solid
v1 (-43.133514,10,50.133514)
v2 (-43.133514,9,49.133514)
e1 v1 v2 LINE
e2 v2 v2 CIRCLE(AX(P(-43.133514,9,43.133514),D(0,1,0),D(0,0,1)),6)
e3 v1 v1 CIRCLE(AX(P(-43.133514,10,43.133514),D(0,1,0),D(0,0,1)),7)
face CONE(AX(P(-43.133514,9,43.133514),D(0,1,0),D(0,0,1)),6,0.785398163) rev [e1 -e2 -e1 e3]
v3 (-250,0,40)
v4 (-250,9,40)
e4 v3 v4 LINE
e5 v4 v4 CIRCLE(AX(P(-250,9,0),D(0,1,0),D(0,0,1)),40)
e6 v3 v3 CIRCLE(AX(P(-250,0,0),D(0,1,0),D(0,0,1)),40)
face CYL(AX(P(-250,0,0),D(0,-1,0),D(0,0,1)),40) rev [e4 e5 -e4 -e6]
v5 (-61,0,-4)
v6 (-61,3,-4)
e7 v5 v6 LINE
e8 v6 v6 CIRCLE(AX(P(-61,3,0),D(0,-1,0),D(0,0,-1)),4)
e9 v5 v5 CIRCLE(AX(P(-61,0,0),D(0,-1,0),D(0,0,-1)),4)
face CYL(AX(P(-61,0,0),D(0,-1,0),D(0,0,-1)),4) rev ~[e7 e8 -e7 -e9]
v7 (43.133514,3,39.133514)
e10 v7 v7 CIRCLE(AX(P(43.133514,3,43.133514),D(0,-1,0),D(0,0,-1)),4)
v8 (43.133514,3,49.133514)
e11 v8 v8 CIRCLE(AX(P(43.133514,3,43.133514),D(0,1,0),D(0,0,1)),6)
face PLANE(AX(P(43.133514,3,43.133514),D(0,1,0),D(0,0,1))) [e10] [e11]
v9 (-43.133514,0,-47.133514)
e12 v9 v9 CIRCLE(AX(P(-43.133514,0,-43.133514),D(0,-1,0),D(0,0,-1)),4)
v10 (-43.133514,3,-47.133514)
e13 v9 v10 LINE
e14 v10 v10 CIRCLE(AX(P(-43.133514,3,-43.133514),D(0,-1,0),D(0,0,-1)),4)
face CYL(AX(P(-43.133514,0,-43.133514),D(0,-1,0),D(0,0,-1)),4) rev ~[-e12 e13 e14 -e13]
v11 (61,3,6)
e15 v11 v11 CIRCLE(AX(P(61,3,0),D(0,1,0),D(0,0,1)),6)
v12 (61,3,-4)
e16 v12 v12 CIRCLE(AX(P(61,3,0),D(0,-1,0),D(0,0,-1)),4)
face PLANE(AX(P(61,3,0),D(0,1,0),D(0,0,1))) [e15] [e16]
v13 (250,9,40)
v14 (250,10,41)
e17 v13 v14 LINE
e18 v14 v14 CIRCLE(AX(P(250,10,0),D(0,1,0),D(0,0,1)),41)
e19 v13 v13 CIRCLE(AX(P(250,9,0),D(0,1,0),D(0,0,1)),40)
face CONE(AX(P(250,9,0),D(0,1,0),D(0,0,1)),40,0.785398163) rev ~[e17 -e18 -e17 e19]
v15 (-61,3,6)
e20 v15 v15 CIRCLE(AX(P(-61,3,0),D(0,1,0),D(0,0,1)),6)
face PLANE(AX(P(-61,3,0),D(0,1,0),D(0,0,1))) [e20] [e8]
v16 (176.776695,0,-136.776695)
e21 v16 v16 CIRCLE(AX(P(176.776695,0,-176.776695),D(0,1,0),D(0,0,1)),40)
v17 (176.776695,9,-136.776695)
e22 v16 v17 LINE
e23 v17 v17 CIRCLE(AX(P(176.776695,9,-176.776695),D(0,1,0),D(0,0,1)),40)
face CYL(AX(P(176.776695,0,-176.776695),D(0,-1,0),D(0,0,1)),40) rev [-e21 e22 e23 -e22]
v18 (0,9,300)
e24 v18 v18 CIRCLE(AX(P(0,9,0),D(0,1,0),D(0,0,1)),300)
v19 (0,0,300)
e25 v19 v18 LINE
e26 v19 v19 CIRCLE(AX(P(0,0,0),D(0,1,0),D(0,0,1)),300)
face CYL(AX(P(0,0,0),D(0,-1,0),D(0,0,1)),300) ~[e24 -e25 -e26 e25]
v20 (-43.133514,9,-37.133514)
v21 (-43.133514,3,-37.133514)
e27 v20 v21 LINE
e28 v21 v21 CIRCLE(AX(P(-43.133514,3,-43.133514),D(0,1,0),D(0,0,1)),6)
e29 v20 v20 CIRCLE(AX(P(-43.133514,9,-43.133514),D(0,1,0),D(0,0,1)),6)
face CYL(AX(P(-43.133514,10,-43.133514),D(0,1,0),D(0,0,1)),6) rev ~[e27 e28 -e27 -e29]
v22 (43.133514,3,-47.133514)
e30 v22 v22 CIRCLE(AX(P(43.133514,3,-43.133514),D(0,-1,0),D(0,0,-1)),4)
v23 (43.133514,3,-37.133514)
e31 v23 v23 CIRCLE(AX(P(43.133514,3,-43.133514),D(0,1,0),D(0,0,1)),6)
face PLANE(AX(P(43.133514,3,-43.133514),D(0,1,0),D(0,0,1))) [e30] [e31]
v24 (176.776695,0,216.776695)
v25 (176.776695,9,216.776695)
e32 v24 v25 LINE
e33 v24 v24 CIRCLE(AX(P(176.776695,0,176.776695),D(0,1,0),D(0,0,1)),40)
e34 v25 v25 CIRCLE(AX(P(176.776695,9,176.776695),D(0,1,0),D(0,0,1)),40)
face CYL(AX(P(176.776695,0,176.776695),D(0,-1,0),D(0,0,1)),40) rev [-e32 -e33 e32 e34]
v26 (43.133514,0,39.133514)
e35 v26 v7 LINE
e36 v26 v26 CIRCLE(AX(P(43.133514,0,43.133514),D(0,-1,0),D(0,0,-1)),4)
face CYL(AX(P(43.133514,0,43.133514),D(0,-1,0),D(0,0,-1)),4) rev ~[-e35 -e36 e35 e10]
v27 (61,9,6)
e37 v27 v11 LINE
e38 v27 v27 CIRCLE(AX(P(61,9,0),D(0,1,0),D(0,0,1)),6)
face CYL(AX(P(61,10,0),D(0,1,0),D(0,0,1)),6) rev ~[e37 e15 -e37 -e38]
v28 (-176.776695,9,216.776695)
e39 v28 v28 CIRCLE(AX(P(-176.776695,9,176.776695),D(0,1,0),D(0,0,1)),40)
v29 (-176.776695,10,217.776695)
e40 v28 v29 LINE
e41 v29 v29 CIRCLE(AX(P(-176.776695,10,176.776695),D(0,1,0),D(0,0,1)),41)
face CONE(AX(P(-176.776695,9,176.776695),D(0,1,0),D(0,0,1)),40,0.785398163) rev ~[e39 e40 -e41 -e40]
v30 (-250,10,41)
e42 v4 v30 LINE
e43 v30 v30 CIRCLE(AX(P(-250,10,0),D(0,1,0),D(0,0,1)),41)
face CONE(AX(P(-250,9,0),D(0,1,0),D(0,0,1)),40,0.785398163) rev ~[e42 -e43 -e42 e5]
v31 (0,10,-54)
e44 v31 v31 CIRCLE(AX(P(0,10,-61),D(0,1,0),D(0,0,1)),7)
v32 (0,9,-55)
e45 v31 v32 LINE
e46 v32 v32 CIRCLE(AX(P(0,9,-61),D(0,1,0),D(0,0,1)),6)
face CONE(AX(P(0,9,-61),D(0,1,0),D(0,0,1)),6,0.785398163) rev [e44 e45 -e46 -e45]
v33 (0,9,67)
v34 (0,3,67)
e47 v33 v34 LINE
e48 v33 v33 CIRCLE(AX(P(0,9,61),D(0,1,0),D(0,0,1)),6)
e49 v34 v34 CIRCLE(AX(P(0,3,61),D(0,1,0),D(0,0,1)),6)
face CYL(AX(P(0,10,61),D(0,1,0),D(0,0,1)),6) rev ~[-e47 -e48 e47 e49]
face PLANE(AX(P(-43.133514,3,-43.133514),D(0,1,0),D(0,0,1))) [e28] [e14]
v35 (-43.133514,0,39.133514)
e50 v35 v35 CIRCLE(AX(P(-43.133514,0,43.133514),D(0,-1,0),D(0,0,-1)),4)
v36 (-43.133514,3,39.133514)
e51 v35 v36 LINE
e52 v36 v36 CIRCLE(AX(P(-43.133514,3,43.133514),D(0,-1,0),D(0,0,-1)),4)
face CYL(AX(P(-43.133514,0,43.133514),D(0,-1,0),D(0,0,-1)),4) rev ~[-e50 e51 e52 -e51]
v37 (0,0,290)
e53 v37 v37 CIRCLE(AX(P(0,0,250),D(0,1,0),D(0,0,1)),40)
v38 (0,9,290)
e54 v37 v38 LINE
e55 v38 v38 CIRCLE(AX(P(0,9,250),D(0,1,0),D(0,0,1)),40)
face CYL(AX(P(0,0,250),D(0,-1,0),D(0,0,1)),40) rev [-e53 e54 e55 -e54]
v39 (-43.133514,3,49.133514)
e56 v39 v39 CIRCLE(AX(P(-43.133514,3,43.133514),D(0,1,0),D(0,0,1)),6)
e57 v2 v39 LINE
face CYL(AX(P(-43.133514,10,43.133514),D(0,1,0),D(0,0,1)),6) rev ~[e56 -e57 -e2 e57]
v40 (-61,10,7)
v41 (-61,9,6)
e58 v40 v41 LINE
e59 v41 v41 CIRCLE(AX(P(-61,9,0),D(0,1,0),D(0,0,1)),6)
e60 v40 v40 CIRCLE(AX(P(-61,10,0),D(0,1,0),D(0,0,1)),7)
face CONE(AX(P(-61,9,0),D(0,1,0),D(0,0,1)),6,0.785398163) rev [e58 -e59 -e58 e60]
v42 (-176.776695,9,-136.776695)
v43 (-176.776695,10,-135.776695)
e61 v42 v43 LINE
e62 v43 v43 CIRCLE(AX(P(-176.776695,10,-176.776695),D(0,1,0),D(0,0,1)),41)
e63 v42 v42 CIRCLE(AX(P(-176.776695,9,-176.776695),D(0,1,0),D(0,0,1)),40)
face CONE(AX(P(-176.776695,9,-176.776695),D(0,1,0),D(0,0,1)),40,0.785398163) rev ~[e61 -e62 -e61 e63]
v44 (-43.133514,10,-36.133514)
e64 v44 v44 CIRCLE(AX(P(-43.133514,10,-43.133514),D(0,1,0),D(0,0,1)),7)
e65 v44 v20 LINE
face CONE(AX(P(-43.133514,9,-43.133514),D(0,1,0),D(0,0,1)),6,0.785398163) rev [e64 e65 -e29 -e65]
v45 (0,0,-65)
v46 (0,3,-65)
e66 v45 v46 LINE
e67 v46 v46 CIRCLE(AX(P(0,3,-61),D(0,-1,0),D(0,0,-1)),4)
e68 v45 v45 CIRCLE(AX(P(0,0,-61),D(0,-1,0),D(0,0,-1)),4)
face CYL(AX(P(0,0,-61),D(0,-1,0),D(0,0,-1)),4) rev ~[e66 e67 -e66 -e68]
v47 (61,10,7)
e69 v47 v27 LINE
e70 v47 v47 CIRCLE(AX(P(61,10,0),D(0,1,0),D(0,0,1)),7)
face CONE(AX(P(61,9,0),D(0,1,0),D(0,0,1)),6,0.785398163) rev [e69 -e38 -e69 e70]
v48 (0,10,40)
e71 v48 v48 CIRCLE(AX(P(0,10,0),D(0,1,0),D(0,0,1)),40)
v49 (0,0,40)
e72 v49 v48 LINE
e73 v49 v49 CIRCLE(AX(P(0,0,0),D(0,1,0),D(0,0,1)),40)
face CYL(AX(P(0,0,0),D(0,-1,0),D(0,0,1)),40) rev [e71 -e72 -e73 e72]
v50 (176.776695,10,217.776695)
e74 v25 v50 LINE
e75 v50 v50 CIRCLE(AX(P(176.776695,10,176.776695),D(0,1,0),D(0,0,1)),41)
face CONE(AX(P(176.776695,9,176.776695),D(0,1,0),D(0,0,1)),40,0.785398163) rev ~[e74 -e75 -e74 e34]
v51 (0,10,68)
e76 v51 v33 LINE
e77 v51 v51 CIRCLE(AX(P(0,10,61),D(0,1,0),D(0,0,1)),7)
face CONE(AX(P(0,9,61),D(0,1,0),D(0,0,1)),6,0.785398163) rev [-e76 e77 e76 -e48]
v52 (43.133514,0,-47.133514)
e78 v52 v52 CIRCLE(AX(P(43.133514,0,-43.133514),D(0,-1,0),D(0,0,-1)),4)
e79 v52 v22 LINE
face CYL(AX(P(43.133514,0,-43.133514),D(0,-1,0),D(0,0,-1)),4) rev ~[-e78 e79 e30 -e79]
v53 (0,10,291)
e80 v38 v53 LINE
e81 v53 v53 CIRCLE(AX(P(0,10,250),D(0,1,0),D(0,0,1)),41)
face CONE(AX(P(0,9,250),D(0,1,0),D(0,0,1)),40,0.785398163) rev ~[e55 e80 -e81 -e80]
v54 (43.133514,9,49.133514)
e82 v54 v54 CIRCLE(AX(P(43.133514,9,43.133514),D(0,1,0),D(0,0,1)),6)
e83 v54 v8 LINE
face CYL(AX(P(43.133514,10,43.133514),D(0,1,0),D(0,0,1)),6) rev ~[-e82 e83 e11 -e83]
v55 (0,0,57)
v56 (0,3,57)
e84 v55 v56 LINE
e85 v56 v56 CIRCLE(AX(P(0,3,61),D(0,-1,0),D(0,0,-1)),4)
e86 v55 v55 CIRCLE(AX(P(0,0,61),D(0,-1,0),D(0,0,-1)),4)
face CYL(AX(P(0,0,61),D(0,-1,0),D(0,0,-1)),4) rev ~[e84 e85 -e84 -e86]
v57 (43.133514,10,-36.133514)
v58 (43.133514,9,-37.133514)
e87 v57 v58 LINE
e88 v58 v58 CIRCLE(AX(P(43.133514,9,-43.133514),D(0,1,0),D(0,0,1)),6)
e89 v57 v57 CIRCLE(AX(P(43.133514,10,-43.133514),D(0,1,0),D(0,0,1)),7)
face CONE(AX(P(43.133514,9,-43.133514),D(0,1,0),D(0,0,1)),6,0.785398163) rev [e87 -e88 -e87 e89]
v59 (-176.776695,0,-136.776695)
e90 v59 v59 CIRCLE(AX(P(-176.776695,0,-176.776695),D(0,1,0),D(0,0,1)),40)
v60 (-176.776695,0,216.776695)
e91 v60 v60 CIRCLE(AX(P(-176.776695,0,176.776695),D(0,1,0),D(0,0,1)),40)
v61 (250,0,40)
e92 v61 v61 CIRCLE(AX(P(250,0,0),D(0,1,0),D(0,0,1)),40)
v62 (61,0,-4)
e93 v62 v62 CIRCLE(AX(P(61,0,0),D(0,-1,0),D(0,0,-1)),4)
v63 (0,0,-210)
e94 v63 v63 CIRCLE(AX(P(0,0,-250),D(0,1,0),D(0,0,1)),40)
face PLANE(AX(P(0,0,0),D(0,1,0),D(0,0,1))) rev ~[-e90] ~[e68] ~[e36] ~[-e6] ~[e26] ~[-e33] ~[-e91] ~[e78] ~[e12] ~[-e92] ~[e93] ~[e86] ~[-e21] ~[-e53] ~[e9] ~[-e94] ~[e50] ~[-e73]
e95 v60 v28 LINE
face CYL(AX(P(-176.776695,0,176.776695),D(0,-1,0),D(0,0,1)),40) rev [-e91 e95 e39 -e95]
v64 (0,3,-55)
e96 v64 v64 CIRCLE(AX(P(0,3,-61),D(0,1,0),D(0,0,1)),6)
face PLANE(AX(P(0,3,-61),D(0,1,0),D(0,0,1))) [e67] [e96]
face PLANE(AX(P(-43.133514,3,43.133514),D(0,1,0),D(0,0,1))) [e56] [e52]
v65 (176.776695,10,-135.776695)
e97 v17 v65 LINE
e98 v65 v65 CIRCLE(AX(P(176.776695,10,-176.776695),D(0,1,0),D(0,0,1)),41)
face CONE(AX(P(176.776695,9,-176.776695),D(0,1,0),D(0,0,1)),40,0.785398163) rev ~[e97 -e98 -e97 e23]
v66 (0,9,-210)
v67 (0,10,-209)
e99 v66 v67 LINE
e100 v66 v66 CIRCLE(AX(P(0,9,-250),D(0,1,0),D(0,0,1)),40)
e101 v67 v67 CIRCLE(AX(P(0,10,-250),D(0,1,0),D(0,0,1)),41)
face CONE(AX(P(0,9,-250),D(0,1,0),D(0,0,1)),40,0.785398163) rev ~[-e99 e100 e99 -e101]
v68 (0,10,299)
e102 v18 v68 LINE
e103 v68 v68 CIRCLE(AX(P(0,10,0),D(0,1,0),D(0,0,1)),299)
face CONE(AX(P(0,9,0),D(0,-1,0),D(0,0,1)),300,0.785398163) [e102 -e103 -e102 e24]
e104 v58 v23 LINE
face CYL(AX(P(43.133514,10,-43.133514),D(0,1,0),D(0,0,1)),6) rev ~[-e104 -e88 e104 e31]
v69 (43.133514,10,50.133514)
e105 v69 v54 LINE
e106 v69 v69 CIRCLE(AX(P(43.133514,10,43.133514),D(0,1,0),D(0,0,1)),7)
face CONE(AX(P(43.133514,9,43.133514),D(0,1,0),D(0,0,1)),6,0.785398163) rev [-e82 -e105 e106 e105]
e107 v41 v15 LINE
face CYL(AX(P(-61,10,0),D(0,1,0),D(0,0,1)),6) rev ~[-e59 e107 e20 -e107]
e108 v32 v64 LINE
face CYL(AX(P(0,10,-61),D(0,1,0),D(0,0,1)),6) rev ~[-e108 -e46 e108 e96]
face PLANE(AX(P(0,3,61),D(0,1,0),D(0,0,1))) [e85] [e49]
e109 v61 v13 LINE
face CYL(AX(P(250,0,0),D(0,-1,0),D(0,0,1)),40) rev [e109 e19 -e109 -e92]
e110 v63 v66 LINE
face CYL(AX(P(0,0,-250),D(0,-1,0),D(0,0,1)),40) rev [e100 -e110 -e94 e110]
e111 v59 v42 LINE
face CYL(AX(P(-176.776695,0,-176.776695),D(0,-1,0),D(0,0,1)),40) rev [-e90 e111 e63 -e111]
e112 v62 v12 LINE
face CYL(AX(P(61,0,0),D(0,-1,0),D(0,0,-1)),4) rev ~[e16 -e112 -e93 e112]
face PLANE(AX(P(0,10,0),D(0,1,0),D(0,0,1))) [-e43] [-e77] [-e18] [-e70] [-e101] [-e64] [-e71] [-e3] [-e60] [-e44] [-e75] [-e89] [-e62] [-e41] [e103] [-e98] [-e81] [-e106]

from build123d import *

# Parameters (mm, degrees)
SKETCH2_R            = 300
SKETCH2_R_2          = 40
BOSS_EXTRUDE10_DEPTH = 10
CHAMFER1_SIZE        = 1
SKETCH13_R           = 6
CUT_EXTRUDE1_DEPTH   = 7
CHAMFER2_SIZE        = 1
SKETCH14_R           = 4
CUT_EXTRUDE2_DEPTH   = 3


with BuildPart() as part:
    # Sketch2 → Boss-Extrude10 (new body)
    with BuildSketch(Plane(origin=(0, 0, 0), x_dir=(1, 0, 0), z_dir=(0, 1, 0))):
        with Locations(Location((0, 0, 0), (0, 0, 270))):
            Circle(SKETCH2_R)
        with Locations(Location((0, 0, 0), (0, 0, 270))):
            Circle(SKETCH2_R_2, mode=Mode.SUBTRACT)
        with Locations(Location((0, 250, 0), (0, 0, 270))):
            Circle(SKETCH2_R_2, mode=Mode.SUBTRACT)
        with Locations(Location((176.776695297, 176.776695297, 0), (0, 0, 270))):
            Circle(SKETCH2_R_2, mode=Mode.SUBTRACT)
        with Locations(Location((250, 0, 0), (0, 0, 270))):
            Circle(SKETCH2_R_2, mode=Mode.SUBTRACT)
        with Locations(Location((176.776695297, -176.776695297, 0), (0, 0, 270))):
            Circle(SKETCH2_R_2, mode=Mode.SUBTRACT)
        with Locations(Location((0, -250, 0), (0, 0, 270))):
            Circle(SKETCH2_R_2, mode=Mode.SUBTRACT)
        with Locations(Location((-176.776695297, -176.776695297, 0), (0, 0, 270))):
            Circle(SKETCH2_R_2, mode=Mode.SUBTRACT)
        with Locations(Location((-250, 0, 0), (0, 0, 270))):
            Circle(SKETCH2_R_2, mode=Mode.SUBTRACT)
        with Locations(Location((-176.776695297, 176.776695297, 0), (0, 0, 270))):
            Circle(SKETCH2_R_2, mode=Mode.SUBTRACT)
    extrude(amount=BOSS_EXTRUDE10_DEPTH)

    # Chamfer1
    chamfer1_edges = [part.edges().sort_by_distance(p)[0] for p in [
        (176.776695297, 10, -216.776695297),
        (250, 10, -40),
        (176.776695297, 10, 136.776695297),
        (0, 10, 210),
        (-176.776695297, 10, 136.776695297),
        (-250, 10, -40),
        (-176.776695297, 10, -216.776695297),
        (0, 10, -300),
        (0, 10, -290),
    ]]
    chamfer(chamfer1_edges, length=CHAMFER1_SIZE)

    # Sketch13 → Cut-Extrude1 (cut)
    with BuildSketch(Plane(origin=(0, 10, 0), x_dir=(1, 0, 0), z_dir=(0, 1, 0))):
        with Locations(Location((-61, 0, 0), (0, 0, 270))):
            Circle(SKETCH13_R)
        with Locations(Location((-43.133513652, 43.133513652, 0), (0, 0, 270))):
            Circle(SKETCH13_R)
        with Locations(Location((0, 61, 0), (0, 0, 270))):
            Circle(SKETCH13_R)
        with Locations(Location((43.133513652, 43.133513652, 0), (0, 0, 270))):
            Circle(SKETCH13_R)
        with Locations(Location((61, 0, 0), (0, 0, 270))):
            Circle(SKETCH13_R)
        with Locations(Location((43.133513652, -43.133513652, 0), (0, 0, 270))):
            Circle(SKETCH13_R)
        with Locations(Location((0, -61, 0), (0, 0, 270))):
            Circle(SKETCH13_R)
        with Locations(Location((-43.133513652, -43.133513652, 0), (0, 0, 270))):
            Circle(SKETCH13_R)
    extrude(amount=-CUT_EXTRUDE1_DEPTH, mode=Mode.SUBTRACT)

    # Chamfer2
    chamfer2_edges = [part.edges().sort_by_distance(p)[0] for p in [
        (-61, 10, -6),
        (-43.133513652, 10, -49.133513652),
        (0, 10, -67),
        (43.133513652, 10, -49.133513652),
        (61, 10, -6),
        (43.133513652, 10, 37.133513652),
        (0, 10, 55),
        (-43.133513652, 10, 37.133513652),
    ]]
    chamfer(chamfer2_edges, length=CHAMFER2_SIZE)

    # Sketch14 → Cut-Extrude2 (cut)
    with BuildSketch(Plane.XZ):
        with Locations(Location((-61, 0, 0), (0, 0, 270))):
            Circle(SKETCH14_R)
        with Locations(Location((-43.133513652, 43.133513652, 0), (0, 0, 270))):
            Circle(SKETCH14_R)
        with Locations(Location((0, 61, 0), (0, 0, 270))):
            Circle(SKETCH14_R)
        with Locations(Location((43.133513652, 43.133513652, 0), (0, 0, 270))):
            Circle(SKETCH14_R)
        with Locations(Location((61, 0, 0), (0, 0, 270))):
            Circle(SKETCH14_R)
        with Locations(Location((43.133513652, -43.133513652, 0), (0, 0, 270))):
            Circle(SKETCH14_R)
        with Locations(Location((0, -61, 0), (0, 0, 270))):
            Circle(SKETCH14_R)
        with Locations(Location((-43.133513652, -43.133513652, 0), (0, 0, 270))):
            Circle(SKETCH14_R)
    extrude(amount=-CUT_EXTRUDE2_DEPTH, mode=Mode.SUBTRACT)


solid = part.part
